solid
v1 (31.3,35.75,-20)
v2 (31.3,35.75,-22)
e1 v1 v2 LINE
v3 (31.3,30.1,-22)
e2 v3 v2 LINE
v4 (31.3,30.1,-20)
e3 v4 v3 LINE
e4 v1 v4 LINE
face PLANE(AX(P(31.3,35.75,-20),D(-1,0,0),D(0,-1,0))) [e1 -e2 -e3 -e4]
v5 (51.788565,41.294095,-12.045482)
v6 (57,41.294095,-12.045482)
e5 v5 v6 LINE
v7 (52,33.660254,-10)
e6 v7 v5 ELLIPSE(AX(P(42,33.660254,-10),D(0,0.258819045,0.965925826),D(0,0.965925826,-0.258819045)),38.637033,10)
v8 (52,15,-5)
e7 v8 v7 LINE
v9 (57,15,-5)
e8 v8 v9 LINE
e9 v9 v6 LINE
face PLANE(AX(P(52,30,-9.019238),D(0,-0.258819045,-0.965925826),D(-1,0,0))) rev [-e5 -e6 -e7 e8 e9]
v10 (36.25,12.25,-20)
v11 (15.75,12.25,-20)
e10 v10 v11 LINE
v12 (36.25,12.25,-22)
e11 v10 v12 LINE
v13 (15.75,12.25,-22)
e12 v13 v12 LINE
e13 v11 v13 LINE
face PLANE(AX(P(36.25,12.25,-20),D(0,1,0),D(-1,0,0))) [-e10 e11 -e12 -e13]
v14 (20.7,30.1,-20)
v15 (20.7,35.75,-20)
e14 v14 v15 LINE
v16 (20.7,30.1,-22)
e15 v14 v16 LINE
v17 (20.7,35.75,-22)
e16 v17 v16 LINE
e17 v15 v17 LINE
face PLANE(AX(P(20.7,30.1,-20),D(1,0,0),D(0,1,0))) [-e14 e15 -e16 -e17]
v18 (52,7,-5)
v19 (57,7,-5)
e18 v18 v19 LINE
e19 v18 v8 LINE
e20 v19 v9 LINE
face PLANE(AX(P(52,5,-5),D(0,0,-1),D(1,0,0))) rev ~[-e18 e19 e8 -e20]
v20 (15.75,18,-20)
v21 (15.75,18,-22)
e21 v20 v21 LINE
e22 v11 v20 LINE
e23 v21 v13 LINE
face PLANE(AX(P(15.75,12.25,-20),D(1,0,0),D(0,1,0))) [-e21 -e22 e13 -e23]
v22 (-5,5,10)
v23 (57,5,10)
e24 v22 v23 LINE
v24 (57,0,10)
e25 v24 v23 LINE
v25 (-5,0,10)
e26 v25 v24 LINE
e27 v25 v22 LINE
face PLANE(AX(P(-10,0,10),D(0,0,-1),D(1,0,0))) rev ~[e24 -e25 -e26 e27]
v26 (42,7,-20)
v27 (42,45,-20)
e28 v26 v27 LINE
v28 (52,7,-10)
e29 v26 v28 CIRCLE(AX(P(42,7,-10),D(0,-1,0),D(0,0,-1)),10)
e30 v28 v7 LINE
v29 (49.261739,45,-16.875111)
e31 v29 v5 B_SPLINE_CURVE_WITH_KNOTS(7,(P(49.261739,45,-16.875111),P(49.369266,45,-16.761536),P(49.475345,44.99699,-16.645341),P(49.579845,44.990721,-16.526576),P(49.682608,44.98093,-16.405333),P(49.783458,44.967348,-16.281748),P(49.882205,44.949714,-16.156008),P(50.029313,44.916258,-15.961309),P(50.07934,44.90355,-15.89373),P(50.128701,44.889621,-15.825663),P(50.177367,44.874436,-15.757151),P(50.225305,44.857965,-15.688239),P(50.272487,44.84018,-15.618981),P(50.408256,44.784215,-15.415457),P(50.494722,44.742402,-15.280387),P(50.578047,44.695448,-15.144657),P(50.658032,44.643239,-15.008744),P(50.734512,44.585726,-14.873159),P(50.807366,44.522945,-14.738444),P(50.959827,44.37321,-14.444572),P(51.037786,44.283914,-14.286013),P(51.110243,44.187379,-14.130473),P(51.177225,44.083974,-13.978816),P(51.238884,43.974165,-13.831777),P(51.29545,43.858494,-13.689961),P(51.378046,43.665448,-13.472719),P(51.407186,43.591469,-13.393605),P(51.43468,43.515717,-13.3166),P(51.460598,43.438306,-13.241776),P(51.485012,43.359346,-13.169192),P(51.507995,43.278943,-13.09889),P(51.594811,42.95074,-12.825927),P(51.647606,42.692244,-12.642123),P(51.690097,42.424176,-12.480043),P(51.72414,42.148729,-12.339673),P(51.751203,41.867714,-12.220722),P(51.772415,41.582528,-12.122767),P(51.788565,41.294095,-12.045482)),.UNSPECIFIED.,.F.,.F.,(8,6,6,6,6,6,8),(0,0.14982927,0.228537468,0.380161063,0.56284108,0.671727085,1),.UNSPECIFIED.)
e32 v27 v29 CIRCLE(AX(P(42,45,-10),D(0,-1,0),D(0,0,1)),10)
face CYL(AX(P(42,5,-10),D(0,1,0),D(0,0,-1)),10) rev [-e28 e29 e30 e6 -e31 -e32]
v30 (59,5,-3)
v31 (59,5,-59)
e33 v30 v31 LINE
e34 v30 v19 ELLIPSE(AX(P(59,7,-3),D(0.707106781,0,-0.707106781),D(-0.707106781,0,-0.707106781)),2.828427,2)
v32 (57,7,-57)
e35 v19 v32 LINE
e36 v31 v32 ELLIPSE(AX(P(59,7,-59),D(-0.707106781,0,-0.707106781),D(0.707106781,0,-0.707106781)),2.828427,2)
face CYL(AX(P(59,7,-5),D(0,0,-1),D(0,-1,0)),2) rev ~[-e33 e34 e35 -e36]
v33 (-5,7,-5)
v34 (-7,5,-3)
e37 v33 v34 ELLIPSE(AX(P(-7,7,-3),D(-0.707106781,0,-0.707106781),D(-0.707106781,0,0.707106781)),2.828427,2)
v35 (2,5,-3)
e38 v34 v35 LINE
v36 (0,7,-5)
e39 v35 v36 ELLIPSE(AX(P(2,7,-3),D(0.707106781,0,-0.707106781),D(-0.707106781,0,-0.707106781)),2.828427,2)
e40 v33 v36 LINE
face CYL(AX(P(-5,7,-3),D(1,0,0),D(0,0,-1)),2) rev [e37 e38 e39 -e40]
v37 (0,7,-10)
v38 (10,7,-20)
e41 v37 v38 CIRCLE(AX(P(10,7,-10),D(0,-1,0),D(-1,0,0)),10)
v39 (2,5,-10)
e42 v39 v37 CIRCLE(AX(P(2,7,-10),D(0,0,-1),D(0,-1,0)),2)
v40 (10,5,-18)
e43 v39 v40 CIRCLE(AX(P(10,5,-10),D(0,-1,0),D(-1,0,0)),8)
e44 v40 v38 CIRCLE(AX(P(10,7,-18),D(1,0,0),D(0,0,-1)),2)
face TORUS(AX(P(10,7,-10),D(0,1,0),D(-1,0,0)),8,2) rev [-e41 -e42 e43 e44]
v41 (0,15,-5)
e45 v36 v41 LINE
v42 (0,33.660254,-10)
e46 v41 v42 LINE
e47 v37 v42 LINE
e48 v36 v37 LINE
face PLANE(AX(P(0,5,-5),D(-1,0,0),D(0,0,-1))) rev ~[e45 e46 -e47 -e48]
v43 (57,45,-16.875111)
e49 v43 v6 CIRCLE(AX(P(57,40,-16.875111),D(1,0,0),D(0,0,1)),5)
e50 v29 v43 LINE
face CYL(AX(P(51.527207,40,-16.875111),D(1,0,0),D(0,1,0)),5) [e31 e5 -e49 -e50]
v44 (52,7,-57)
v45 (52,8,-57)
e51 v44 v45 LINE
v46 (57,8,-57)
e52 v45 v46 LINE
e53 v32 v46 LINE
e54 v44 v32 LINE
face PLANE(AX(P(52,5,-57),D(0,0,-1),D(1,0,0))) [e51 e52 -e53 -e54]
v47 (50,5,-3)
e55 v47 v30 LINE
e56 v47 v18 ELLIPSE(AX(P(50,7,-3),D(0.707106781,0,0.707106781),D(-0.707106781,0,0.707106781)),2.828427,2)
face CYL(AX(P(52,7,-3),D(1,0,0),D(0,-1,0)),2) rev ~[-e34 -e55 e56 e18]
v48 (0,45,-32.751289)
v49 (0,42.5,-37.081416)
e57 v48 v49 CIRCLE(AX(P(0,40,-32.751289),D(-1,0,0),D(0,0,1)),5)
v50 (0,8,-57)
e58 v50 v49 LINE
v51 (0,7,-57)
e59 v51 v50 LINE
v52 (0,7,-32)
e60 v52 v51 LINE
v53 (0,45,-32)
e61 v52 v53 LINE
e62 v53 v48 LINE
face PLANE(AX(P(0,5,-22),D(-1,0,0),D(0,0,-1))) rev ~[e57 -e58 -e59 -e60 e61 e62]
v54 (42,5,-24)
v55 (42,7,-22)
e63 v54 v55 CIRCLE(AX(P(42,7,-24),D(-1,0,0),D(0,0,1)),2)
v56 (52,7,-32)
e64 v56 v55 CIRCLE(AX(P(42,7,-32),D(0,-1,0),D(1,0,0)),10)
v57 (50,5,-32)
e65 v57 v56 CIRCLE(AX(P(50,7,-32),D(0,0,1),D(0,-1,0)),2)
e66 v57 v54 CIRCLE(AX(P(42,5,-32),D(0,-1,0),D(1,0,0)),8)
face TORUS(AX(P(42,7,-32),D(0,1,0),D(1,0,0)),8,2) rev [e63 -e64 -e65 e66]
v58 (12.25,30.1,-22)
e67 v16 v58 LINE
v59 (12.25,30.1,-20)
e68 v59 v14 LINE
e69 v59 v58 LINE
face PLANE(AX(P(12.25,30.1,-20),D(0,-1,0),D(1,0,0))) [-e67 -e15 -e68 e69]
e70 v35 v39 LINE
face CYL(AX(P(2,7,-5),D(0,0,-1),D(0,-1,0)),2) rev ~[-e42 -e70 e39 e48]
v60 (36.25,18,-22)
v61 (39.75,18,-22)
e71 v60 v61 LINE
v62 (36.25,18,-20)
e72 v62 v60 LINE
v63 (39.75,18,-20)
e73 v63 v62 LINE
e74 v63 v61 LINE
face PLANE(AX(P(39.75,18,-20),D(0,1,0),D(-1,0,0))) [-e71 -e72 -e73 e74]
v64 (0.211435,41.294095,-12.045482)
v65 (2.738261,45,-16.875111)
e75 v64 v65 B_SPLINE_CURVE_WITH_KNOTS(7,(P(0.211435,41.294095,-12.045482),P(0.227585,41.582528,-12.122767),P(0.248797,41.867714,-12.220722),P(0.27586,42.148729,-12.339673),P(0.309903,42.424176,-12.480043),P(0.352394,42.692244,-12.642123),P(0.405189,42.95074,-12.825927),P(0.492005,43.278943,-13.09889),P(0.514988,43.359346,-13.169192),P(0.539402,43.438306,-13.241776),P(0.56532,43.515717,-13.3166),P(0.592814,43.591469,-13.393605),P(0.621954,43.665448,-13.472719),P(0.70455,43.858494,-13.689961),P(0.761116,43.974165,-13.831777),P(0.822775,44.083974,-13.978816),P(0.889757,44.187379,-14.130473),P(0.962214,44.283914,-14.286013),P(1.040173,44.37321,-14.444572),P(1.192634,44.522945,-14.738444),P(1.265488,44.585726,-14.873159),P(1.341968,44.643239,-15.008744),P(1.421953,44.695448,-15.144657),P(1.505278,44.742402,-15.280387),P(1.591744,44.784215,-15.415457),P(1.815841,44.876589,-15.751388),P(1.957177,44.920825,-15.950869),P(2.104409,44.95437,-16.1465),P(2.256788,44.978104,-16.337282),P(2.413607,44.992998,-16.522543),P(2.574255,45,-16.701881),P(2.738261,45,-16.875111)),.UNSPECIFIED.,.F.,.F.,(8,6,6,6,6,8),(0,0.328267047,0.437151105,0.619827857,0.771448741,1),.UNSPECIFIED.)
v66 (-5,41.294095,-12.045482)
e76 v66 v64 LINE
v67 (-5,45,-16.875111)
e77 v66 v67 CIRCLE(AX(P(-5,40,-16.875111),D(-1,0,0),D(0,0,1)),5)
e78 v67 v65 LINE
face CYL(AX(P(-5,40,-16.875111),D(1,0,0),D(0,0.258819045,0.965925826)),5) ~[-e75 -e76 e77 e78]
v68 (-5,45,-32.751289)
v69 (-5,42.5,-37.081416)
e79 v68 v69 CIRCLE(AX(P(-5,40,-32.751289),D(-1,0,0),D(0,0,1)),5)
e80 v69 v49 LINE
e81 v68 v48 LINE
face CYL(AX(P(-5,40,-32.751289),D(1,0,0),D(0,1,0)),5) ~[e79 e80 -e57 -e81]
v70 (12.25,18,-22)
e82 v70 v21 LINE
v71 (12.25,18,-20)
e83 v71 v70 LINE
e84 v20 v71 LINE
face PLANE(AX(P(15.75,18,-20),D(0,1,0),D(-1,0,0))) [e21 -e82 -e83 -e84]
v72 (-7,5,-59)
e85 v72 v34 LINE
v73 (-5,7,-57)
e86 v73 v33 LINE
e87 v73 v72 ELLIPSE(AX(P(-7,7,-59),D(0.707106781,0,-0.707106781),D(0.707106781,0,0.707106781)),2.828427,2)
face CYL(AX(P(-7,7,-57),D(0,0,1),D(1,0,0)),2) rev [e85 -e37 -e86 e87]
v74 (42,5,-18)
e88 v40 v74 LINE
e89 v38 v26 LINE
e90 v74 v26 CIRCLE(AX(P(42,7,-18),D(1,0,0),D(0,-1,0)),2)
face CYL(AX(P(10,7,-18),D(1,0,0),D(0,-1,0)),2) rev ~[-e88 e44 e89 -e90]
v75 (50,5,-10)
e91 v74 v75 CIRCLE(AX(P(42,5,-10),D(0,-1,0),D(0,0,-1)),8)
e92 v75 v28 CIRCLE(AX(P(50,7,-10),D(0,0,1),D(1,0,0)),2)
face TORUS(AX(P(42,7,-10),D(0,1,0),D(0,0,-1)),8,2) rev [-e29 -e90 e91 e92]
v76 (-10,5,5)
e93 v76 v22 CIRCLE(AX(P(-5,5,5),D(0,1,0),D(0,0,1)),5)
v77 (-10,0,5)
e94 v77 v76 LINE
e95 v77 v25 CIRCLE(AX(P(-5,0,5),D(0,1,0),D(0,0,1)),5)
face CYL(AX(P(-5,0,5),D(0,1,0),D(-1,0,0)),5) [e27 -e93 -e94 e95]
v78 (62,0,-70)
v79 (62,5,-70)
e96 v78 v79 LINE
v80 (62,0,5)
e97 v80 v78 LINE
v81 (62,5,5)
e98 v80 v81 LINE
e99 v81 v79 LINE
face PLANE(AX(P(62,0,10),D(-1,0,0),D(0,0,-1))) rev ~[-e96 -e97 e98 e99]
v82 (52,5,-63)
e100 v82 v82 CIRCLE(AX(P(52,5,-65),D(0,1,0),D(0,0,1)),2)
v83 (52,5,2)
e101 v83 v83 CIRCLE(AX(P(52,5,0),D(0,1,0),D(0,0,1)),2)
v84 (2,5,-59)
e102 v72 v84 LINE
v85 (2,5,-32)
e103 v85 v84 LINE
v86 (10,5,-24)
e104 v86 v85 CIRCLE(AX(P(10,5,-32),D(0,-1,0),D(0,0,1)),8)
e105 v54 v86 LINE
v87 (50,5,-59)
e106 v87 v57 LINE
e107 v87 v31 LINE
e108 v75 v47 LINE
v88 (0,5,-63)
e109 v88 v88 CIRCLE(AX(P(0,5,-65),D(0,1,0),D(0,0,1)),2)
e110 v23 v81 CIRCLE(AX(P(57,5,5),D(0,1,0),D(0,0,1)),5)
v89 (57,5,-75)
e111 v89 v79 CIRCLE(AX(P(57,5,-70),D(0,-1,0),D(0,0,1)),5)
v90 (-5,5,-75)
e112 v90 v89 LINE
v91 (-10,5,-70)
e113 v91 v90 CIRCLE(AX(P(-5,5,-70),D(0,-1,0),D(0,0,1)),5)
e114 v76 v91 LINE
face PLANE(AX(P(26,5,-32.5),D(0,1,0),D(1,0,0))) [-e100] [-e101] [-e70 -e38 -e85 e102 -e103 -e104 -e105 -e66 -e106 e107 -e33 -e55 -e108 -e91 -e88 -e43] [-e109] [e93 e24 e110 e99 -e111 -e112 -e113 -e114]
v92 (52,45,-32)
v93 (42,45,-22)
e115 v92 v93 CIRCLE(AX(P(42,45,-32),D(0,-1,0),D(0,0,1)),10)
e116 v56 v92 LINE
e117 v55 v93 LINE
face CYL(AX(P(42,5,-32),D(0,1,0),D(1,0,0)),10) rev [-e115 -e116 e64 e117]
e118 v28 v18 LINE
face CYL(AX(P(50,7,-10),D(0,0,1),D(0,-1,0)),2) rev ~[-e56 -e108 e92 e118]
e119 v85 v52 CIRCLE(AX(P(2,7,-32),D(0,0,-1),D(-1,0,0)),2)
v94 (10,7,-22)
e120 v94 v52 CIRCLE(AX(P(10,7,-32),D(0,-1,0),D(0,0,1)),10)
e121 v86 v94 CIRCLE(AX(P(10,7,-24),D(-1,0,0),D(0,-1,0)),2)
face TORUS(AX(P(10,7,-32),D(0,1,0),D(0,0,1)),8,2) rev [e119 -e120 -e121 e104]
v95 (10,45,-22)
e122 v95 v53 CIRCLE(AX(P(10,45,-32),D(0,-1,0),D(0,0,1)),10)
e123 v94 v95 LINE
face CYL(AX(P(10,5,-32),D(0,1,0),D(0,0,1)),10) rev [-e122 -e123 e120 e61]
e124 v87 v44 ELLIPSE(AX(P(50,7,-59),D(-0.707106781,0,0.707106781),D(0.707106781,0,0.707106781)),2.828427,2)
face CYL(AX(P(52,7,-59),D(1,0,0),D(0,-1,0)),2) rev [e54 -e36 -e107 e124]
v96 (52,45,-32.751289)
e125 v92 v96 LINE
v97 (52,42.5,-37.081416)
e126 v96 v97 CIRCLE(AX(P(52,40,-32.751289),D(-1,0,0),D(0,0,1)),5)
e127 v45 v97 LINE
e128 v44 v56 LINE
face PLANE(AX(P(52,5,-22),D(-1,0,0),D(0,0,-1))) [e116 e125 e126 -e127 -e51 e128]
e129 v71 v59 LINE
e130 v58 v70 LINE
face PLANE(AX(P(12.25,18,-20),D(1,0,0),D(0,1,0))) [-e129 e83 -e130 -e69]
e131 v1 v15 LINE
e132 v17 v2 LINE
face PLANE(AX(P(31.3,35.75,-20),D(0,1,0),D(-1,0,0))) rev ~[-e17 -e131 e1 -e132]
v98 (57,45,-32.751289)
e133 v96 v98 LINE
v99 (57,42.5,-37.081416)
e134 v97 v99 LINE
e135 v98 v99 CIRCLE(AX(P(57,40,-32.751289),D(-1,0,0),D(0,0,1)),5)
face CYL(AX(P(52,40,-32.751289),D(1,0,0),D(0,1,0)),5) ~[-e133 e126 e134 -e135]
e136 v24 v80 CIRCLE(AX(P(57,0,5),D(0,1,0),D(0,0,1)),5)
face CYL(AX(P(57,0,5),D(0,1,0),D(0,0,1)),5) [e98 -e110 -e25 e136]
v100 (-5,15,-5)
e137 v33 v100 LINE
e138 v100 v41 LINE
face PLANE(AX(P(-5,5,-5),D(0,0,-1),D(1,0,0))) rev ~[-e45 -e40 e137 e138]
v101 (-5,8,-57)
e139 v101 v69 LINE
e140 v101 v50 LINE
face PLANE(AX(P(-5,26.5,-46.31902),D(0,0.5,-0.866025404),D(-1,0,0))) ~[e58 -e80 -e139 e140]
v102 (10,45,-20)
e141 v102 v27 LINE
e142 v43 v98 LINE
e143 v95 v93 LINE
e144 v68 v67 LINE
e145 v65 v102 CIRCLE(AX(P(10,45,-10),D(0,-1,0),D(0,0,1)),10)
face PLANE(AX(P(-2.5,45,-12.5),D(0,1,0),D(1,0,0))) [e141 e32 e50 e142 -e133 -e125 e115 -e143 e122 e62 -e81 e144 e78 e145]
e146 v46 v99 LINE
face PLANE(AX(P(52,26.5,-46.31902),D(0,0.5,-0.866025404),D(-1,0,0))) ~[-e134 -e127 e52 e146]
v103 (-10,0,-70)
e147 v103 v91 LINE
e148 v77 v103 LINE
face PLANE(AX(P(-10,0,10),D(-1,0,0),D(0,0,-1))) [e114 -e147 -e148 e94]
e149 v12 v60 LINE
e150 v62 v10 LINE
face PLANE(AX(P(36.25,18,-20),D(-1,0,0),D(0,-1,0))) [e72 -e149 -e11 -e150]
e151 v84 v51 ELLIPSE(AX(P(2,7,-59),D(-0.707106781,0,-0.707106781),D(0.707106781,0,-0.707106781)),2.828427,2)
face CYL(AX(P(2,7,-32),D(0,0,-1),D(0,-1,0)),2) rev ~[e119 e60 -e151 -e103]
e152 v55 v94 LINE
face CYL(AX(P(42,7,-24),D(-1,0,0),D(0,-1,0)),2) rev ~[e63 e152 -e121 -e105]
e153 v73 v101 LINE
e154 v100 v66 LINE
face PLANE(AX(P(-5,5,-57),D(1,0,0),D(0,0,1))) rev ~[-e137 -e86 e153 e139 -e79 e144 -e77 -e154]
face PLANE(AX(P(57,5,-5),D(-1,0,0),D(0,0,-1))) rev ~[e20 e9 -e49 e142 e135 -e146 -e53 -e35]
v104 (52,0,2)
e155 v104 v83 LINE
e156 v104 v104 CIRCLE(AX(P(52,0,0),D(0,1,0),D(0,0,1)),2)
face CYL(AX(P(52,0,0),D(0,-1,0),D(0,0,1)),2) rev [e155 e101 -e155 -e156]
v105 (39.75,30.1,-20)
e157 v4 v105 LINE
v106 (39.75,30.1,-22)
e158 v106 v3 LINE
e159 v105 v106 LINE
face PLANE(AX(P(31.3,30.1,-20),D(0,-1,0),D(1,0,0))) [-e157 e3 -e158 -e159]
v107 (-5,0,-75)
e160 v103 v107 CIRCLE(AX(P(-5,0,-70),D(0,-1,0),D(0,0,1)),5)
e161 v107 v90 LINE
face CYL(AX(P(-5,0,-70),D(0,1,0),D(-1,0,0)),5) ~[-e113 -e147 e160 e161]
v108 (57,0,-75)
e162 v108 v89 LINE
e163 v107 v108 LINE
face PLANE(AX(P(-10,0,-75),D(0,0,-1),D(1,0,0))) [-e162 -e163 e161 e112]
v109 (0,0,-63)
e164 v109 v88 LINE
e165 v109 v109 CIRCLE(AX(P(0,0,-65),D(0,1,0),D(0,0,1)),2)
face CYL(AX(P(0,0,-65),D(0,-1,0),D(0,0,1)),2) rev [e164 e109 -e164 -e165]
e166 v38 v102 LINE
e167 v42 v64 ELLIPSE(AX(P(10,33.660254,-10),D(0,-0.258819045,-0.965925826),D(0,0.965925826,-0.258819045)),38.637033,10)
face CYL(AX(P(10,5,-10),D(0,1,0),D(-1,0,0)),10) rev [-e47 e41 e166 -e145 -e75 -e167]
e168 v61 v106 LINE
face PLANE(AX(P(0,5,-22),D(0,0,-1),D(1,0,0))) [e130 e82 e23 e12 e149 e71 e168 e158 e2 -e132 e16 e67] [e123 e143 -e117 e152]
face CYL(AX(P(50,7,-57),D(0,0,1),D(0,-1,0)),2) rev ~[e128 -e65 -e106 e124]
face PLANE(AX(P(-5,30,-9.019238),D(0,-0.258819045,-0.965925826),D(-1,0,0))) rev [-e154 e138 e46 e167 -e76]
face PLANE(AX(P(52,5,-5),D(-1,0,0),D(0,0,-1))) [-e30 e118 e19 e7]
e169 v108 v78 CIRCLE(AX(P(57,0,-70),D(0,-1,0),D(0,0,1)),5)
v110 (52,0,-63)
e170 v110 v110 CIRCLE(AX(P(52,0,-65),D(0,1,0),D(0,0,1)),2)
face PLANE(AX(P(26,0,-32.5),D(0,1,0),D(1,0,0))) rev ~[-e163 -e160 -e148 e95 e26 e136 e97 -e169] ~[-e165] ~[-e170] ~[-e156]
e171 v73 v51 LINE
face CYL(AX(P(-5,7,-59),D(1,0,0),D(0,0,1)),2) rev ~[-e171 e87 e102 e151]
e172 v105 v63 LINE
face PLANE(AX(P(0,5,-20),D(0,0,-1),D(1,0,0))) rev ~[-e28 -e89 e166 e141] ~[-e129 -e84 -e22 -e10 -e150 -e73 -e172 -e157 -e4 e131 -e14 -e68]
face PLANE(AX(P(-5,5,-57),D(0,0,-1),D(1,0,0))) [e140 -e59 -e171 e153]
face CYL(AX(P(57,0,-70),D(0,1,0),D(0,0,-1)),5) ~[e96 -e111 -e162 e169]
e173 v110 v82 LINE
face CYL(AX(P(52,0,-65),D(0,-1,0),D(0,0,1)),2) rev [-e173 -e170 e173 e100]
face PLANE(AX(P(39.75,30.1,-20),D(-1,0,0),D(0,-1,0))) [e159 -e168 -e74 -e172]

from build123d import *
from OCP.BRepFilletAPI import BRepFilletAPI_MakeChamfer

# Parameters (mm, degrees)
SKETCH1_W               = 72
SKETCH1_H               = 85
SKETCH1_R               = 2
BOSS_EXTRUDE1_DEPTH     = 5
BOSS_EXTRUDE2_DEPTH     = 40
CUT_EXTRUDE1_DEPTH      = 5
CUT_EXTRUDE_THIN1_DEPTH = 5
FILLET1_R               = 10
CHAMFER1_SIZE           = 37
CHAMFER1_SIZE2          = 21.36195996
CHAMFER2_SIZE           = 30
CHAMFER2_SIZE2          = 8.038475773
FILLET2_R               = 2
FILLET4_R               = 5


with BuildPart() as part:
    # Sketch1 → Boss-Extrude1 (new body)
    with BuildSketch(Plane(origin=(0, 0, 0), x_dir=(1, 0, 0), z_dir=(0, 1, 0))):
        with Locations((26, 32.5)):
            Rectangle(SKETCH1_W, SKETCH1_H)
        with Locations((0, 65)):
            Circle(SKETCH1_R, mode=Mode.SUBTRACT)
        with Locations((52, 65)):
            Circle(SKETCH1_R, mode=Mode.SUBTRACT)
        with Locations((52, 0)):
            Circle(SKETCH1_R, mode=Mode.SUBTRACT)
    extrude(amount=BOSS_EXTRUDE1_DEPTH)

    # Sketch2 → Boss-Extrude2 (add)
    with BuildSketch(Plane(origin=(0, 5, 0), x_dir=(1, 0, 0), z_dir=(0, 1, 0))):
        Polygon((-5, 5), (0, 5), (0, 20), (52, 20), (52, 5), (57, 5), (57, 57), (52, 57), (52, 22), (0, 22), (0, 57), (-5, 57), align=None)
    extrude(amount=BOSS_EXTRUDE2_DEPTH)

    # Sketch3 → Cut-Extrude1 (cut)
    with BuildSketch(Plane.XY.offset(-20)):
        Polygon((26, 35), (30.55, 35), (30.55, 29.35), (39, 29.35), (39, 18.75), (35.5, 18.75), (35.5, 13), (16.5, 13), (16.5, 18.75), (13, 18.75), (13, 29.35), (21.45, 29.35), (21.45, 35), align=None)
    extrude(amount=-CUT_EXTRUDE1_DEPTH, mode=Mode.SUBTRACT)

    # Sketch3<3> → Cut-Extrude-Thin1 (cut)
    with BuildSketch(Plane.XY.offset(-20)):
        Polygon((26, 35.75), (31.3, 35.75), (31.3, 30.1), (39.75, 30.1), (39.75, 18), (36.25, 18), (36.25, 12.25), (15.75, 12.25), (15.75, 18), (12.25, 18), (12.25, 30.1), (20.7, 30.1), (20.7, 35.75), align=None)
        Polygon((26, 35), (30.55, 35), (30.55, 29.35), (39, 29.35), (39, 18.75), (35.5, 18.75), (35.5, 13), (16.5, 13), (16.5, 18.75), (13, 18.75), (13, 29.35), (21.45, 29.35), (21.45, 35), align=None, mode=Mode.SUBTRACT)
    extrude(amount=-CUT_EXTRUDE_THIN1_DEPTH, mode=Mode.SUBTRACT)

    # Fillet1
    fillet1_edges = [part.edges().sort_by_distance(p)[0] for p in [
        (0, 25, -22),
        (52, 25, -22),
        (52, 25, -20),
        (0, 25, -20),
    ]]
    fillet(fillet1_edges, radius=FILLET1_R)

    # Chamfer1: one chamfer whose edges measure the first distance from different faces: ONE call of the kernel's chamfer builder (chamfer() names one face for all edges)
    chamfer1_edges_1 = [part.edges().sort_by_distance(p)[0] for p in [
        (-2.5, 45, -57),
    ]]
    chamfer1_side_1 = [part.faces().sort_by_distance(p)[0] for p in [
        (-2.5, 25, -57),
    ]]
    chamfer1_edges_2 = [part.edges().sort_by_distance(p)[0] for p in [
        (54.5, 45, -57),
    ]]
    chamfer1_side_2 = [part.faces().sort_by_distance(p)[0] for p in [
        (54.5, 25, -57),
    ]]
    chamfer1 = BRepFilletAPI_MakeChamfer(part.part.solid().wrapped)
    for e in chamfer1_edges_1:
        chamfer1.Add(CHAMFER1_SIZE, CHAMFER1_SIZE2, e.wrapped, chamfer1_side_1[0].wrapped)  # the first distance lies on this face
    for e in chamfer1_edges_2:
        chamfer1.Add(CHAMFER1_SIZE, CHAMFER1_SIZE2, e.wrapped, chamfer1_side_2[0].wrapped)  # the first distance lies on this face
    add(Compound.cast(chamfer1.Shape()), mode=Mode.REPLACE)

    # Chamfer2: one chamfer whose edges measure the first distance from different faces: ONE call of the kernel's chamfer builder (chamfer() names one face for all edges)
    chamfer2_edges_1 = [part.edges().sort_by_distance(p)[0] for p in [
        (54.5, 45, -5),
    ]]
    chamfer2_side_1 = [part.faces().sort_by_distance(p)[0] for p in [
        (54.5, 25, -5),
    ]]
    chamfer2_edges_2 = [part.edges().sort_by_distance(p)[0] for p in [
        (-2.5, 45, -5),
    ]]
    chamfer2_side_2 = [part.faces().sort_by_distance(p)[0] for p in [
        (-2.5, 25, -5),
    ]]
    chamfer2 = BRepFilletAPI_MakeChamfer(part.part.solid().wrapped)
    for e in chamfer2_edges_1:
        chamfer2.Add(CHAMFER2_SIZE, CHAMFER2_SIZE2, e.wrapped, chamfer2_side_1[0].wrapped)  # the first distance lies on this face
    for e in chamfer2_edges_2:
        chamfer2.Add(CHAMFER2_SIZE, CHAMFER2_SIZE2, e.wrapped, chamfer2_side_2[0].wrapped)  # the first distance lies on this face
    add(Compound.cast(chamfer2.Shape()), mode=Mode.REPLACE)

    # Fillet2
    fillet2_edges = [part.edges().sort_by_distance(p)[0] for p in [
        (54.5, 5, -57),
        (-2.5, 5, -57),
        (54.5, 5, -5),
        (-2.5, 5, -5),
        (0, 5, -44.5),
        (2.928932188, 5, -24.928932188),
        (26, 5, -22),
        (49.071067812, 5, -24.928932188),
        (52, 5, -7.5),
        (49.071067812, 5, -17.071067812),
        (26, 5, -20),
        (2.928932188, 5, -17.071067812),
        (52, 5, -44.5),
        (57, 5, -31),
        (0, 5, -7.5),
        (-5, 5, -31),
    ]]
    fillet(fillet2_edges, radius=FILLET2_R)

    # Fillet4
    fillet4_edges = [part.edges().sort_by_distance(p)[0] for p in [
        (-2.263603284, 45, -13.038475773),
        (54.263603284, 45, -13.038475773),
        (54.5, 45, -35.63804004),
        (-2.5, 45, -35.63804004),
        (62, 2.5, -75),
        (62, 2.5, 10),
        (-10, 2.5, -75),
        (-10, 2.5, 10),
    ]]
    fillet(fillet4_edges, radius=FILLET4_R)


solid = part.part
